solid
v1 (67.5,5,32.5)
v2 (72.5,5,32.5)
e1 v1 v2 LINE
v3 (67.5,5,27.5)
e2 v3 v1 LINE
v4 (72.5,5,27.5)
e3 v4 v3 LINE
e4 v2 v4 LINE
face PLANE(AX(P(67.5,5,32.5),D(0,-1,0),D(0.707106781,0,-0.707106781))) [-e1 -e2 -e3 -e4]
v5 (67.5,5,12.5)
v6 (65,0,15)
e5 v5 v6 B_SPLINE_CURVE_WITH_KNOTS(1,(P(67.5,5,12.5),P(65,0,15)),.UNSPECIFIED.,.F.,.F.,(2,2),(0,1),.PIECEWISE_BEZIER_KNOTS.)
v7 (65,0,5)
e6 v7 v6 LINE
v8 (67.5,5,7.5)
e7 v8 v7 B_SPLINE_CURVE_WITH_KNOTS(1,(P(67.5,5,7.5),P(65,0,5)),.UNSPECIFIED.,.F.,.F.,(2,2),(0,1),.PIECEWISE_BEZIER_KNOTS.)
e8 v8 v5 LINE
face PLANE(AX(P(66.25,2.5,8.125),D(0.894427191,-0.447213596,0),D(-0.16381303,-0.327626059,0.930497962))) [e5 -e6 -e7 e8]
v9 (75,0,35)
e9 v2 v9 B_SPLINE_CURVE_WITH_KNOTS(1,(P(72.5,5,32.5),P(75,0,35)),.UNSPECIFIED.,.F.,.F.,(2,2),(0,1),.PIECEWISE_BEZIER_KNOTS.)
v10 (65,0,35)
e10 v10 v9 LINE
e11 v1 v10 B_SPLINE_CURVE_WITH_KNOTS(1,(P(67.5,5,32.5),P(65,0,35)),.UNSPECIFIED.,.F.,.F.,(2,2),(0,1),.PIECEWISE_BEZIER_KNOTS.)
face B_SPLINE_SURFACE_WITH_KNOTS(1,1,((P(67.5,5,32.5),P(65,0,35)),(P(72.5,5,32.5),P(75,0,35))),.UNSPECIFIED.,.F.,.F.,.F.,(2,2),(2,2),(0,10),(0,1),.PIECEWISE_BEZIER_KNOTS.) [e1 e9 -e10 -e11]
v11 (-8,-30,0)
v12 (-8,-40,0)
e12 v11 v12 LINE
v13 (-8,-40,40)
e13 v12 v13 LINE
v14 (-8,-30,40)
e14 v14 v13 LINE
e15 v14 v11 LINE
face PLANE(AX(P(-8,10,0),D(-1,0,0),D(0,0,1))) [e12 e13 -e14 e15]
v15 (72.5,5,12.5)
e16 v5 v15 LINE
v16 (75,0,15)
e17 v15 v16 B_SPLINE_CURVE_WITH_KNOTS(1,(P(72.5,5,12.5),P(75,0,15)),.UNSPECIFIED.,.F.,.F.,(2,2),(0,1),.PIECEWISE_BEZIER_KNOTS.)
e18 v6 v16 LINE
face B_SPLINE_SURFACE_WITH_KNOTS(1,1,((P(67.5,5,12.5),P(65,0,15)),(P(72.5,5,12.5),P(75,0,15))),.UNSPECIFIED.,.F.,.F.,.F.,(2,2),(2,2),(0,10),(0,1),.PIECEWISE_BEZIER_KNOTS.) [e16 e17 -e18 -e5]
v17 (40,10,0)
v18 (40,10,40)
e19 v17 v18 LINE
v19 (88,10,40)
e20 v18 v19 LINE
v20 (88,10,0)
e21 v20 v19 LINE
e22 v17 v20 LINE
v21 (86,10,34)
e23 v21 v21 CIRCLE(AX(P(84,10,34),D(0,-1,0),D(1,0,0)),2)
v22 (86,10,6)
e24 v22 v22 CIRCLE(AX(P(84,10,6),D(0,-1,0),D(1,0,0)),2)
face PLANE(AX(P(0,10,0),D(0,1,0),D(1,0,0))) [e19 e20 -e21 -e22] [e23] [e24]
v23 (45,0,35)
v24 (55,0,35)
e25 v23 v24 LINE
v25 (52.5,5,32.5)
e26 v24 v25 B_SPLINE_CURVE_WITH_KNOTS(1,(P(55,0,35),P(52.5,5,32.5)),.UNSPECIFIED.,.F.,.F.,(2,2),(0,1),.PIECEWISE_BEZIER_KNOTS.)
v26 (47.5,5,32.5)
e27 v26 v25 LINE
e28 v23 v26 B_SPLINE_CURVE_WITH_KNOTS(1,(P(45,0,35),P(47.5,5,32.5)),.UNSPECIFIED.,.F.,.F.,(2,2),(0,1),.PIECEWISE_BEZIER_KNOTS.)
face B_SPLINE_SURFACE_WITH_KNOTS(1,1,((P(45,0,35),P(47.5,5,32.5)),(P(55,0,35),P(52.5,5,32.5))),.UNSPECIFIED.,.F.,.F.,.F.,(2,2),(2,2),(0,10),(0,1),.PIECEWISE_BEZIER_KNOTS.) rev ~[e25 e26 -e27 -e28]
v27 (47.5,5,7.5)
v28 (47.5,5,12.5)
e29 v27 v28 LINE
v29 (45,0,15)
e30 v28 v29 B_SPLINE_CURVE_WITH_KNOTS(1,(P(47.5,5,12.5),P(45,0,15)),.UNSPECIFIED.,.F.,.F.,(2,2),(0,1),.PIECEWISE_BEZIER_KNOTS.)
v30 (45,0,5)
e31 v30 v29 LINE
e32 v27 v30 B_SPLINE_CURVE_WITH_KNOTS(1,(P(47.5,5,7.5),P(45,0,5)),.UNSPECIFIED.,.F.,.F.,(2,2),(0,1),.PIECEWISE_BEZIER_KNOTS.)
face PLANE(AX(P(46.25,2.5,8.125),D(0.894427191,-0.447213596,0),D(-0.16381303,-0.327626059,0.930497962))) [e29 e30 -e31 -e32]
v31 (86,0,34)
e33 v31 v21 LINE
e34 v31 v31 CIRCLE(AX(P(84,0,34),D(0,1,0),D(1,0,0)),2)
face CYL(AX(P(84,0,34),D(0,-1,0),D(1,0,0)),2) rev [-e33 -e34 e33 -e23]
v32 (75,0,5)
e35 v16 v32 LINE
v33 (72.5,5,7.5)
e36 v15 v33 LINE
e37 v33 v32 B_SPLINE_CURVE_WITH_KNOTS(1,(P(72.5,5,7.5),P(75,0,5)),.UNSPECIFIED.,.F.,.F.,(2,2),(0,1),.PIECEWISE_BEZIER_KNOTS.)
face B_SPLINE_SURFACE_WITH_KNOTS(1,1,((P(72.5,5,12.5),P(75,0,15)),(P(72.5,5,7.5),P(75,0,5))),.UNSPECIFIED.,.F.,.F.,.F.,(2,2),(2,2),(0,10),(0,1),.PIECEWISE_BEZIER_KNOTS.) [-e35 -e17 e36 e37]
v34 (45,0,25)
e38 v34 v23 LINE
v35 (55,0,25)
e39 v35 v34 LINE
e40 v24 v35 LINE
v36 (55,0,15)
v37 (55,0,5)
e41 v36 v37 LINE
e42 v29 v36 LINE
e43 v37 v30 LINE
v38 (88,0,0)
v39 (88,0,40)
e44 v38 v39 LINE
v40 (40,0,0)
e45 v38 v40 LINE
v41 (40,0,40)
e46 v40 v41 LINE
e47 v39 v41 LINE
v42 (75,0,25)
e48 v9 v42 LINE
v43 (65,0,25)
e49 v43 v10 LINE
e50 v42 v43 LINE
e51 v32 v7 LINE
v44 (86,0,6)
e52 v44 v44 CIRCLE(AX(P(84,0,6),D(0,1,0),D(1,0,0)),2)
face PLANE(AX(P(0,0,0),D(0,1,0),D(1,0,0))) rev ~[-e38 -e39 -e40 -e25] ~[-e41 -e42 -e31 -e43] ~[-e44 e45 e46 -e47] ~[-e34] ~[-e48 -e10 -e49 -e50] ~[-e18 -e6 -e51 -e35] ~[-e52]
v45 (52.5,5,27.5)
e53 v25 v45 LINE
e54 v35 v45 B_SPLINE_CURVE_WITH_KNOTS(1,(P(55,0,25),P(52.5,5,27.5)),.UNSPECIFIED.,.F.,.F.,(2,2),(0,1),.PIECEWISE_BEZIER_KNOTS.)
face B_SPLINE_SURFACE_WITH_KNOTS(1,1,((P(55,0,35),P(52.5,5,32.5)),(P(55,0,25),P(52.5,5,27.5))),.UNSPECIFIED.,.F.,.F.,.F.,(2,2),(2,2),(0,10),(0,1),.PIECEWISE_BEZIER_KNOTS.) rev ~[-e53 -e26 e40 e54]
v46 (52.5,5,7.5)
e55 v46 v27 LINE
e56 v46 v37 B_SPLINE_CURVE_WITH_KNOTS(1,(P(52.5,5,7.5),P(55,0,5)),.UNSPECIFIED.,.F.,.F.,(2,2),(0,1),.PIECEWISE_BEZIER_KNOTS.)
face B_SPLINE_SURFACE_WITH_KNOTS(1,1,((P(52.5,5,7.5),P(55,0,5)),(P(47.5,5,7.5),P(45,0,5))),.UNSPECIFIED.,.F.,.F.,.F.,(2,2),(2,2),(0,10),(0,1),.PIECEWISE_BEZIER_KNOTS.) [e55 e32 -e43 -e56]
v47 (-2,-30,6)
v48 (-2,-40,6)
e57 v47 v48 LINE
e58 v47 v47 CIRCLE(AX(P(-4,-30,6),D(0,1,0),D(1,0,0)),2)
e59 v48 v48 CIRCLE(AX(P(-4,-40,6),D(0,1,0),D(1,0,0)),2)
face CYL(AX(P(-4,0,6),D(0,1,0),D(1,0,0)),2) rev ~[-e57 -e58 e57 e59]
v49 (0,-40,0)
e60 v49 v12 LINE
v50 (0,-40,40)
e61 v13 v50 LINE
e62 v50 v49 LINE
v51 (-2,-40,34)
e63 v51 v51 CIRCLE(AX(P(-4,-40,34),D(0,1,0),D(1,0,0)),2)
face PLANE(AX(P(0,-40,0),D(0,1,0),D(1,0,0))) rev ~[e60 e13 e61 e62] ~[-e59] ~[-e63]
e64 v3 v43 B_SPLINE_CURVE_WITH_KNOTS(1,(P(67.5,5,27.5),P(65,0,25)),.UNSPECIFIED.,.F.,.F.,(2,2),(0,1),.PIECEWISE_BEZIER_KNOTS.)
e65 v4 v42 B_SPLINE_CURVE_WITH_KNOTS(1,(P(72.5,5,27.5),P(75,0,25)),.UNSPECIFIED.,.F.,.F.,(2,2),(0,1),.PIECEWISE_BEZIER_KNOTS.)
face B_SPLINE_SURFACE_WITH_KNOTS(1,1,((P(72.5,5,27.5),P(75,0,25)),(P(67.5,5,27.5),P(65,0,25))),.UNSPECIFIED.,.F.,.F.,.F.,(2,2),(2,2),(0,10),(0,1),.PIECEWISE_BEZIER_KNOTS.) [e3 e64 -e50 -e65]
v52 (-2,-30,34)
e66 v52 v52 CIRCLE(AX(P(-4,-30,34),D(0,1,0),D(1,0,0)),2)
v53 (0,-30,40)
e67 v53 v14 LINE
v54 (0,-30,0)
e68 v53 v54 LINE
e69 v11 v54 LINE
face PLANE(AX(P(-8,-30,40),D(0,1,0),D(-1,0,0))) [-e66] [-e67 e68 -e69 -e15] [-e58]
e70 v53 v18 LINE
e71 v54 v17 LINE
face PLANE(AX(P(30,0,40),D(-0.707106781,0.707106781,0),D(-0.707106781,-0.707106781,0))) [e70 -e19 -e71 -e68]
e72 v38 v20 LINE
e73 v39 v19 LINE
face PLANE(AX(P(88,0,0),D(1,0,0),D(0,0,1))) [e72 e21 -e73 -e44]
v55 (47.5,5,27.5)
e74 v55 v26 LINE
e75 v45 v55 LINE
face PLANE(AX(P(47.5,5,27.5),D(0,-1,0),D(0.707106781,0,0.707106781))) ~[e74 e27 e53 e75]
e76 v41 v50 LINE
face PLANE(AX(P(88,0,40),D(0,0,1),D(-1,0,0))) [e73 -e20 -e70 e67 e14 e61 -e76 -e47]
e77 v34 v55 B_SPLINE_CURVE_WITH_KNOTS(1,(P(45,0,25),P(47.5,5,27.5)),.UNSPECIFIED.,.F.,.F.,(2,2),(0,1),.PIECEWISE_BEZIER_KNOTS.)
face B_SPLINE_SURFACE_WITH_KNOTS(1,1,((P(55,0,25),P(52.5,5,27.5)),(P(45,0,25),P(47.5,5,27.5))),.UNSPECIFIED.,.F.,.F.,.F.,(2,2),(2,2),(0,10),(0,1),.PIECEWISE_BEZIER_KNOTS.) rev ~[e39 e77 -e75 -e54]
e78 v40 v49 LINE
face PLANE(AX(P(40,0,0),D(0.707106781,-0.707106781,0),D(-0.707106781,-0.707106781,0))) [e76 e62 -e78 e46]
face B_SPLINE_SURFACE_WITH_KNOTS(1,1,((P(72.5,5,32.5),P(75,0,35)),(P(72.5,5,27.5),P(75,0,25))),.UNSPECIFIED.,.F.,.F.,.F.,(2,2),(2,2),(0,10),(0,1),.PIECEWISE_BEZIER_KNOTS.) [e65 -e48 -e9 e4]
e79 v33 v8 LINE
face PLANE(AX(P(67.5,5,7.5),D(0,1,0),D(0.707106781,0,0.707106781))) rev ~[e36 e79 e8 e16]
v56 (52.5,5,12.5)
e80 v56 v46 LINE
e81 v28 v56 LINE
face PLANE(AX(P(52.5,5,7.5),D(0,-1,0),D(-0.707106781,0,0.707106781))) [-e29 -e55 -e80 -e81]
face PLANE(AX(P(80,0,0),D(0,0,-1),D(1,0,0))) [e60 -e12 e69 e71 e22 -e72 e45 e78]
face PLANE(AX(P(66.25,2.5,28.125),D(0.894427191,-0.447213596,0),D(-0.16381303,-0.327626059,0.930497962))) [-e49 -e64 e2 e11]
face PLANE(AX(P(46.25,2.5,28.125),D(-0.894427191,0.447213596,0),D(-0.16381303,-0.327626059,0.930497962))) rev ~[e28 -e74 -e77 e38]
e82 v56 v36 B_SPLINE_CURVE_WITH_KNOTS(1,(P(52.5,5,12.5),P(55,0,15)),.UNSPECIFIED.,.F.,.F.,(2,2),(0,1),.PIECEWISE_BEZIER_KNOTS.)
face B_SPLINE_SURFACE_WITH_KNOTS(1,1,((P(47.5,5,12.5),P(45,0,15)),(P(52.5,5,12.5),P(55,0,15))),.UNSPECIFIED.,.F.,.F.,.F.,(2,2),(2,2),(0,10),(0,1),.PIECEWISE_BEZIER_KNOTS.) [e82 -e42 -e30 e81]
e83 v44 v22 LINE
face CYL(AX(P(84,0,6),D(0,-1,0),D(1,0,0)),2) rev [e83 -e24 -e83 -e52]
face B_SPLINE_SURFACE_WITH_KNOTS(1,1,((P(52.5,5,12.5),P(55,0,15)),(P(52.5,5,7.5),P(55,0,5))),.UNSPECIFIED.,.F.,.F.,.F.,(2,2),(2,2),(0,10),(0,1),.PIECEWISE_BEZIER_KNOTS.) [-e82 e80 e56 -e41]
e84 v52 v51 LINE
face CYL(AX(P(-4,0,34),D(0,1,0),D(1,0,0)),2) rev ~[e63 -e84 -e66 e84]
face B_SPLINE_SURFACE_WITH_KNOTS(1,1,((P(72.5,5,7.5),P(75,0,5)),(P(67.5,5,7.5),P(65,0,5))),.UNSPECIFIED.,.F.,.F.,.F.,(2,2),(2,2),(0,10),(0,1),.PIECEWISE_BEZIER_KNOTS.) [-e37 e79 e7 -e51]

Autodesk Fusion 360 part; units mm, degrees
sketch "baseplate" plane through (0, 0, 0) normal (0, 1, 0) x (1, 0, 0)
  line L0 (0, 0) -> (80, 0)
  line L1 (80, 0) -> (80, -40)
  line L2 (80, -40) -> (0, -40)
  line L3 (0, -40) -> (0, 0)
  dimension "d1" = 40
  dimension "d2" = 80
extrude "Extrude1" add sketch "baseplate" along normal blind 10
sketch "outside_pryamid" plane through (0, 0, 0) normal (0, 1, 0) x (1, 0, 0)
  line L0 (5, -35) -> (15, -35)
  line L1 (15, -35) -> (15, -25)
  line L2 (15, -25) -> (5, -25)
  line L3 (5, -25) -> (5, -35)
  line L4 (25, -35) -> (35, -35)
  line L5 (35, -35) -> (35, -25)
  line L6 (35, -25) -> (25, -25)
  line L7 (25, -25) -> (25, -35)
  line L8 (45, -35) -> (55, -35)
  line L9 (55, -35) -> (55, -25)
  line L10 (55, -25) -> (45, -25)
  line L11 (45, -25) -> (45, -35)
  line L12 (65, -35) -> (75, -35)
  line L13 (75, -35) -> (75, -25)
  line L14 (75, -25) -> (65, -25)
  line L15 (65, -25) -> (65, -35)
  line L16 (25, -15) -> (35, -15)
  line L17 (35, -15) -> (35, -5)
  line L18 (35, -5) -> (25, -5)
  line L19 (25, -5) -> (25, -15)
  line L20 (5, -15) -> (15, -15)
  line L21 (15, -15) -> (15, -5)
  line L22 (15, -5) -> (5, -5)
  line L23 (5, -5) -> (5, -15)
  line L24 (45, -15) -> (55, -15)
  line L25 (55, -15) -> (55, -5)
  line L26 (55, -5) -> (45, -5)
  line L27 (45, -5) -> (45, -15)
  line L28 (65, -15) -> (75, -15)
  line L29 (75, -15) -> (75, -5)
  line L30 (75, -5) -> (65, -5)
  line L31 (65, -5) -> (65, -15)
  dimension "d5" = 10
  dimension "d6" = 10
ref_plane "WorkPlane1" through (0, 5, 0) normal (0, 1, 0) x (0, 0, 1)
sketch "inside_pryamid" plane through (0, 5, 0) normal (0, 1, 0) x (1, 0, 0)
  line L0 (47.5, -7.5) -> (47.5, -10)
  line L1 (47.5, -12.5) -> (52.5, -12.5)
  line L2 (52.5, -7.5) -> (47.5, -7.5)
  line L3 (47.5, -10) -> (47.5, -12.5)
  line L4 (52.5, -12.5) -> (52.5, -7.5)
  line L5 (67.5, -10) -> (67.5, -12.5)
  line L6 (67.5, -12.5) -> (72.5, -12.5)
  line L7 (67.5, -7.5) -> (67.5, -10)
  line L8 (72.5, -12.5) -> (72.5, -7.5)
  line L9 (72.5, -7.5) -> (67.5, -7.5)
  line L10 (67.5, -10) -> (67.5, -12.5)
  line L11 (67.5, -12.5) -> (72.5, -12.5)
  line L12 (72.5, -12.5) -> (72.5, -7.5)
  line L13 (47.5, -7.5) -> (47.5, -10)
  line L14 (52.5, -12.5) -> (52.5, -7.5)
  line L15 (72.5, -7.5) -> (67.5, -7.5)
  line L16 (47.5, -10) -> (47.5, -12.5)
  line L17 (52.5, -7.5) -> (47.5, -7.5)
  line L18 (67.5, -7.5) -> (67.5, -10)
  line L19 (47.5, -12.5) -> (52.5, -12.5)
  line L20 (72.5, -32.5) -> (72.5, -27.5)
  line L21 (72.5, -27.5) -> (67.5, -27.5)
  line L22 (67.5, -30) -> (67.5, -32.5)
  line L23 (72.5, -27.5) -> (67.5, -27.5)
  line L24 (67.5, -27.5) -> (67.5, -30)
  line L25 (47.5, -30) -> (47.5, -32.5)
  line L26 (67.5, -27.5) -> (67.5, -30)
  line L27 (67.5, -30) -> (67.5, -32.5)
  line L28 (67.5, -32.5) -> (72.5, -32.5)
  line L29 (72.5, -32.5) -> (72.5, -27.5)
  line L30 (47.5, -32.5) -> (52.5, -32.5)
  line L31 (47.5, -32.5) -> (52.5, -32.5)
  line L32 (67.5, -32.5) -> (72.5, -32.5)
  line L33 (52.5, -32.5) -> (52.5, -27.5)
  line L34 (52.5, -27.5) -> (47.5, -27.5)
  line L35 (52.5, -27.5) -> (47.5, -27.5)
  line L36 (47.5, -30) -> (47.5, -32.5)
  line L37 (52.5, -32.5) -> (52.5, -27.5)
  line L38 (47.5, -27.5) -> (47.5, -30)
  line L39 (47.5, -27.5) -> (47.5, -30)
loft "Loft3" cut profiles "outside_pryamid", "inside_pryamid" section 1 contours L8 L9 L10 L11 section 2 contours L25 L30 L31 L33 L34 L35 L36 L37 L38 L39
loft "Loft4" cut profiles "inside_pryamid", "outside_pryamid" section 1 contours L20 L21 L22 L23 L24 L26 L27 L28 L29 L32 section 2 contours L12 L13 L14 L15
loft "Loft7" cut profiles "inside_pryamid", "outside_pryamid" section 1 contours L0 L1 L2 L3 L4 L13 L14 L16 L17 L19 section 2 contours L24 L25 L26 L27
loft "Loft8" cut profiles "inside_pryamid", "outside_pryamid" section 1 contours L5 L6 L7 L8 L9 L10 L11 L12 L15 L18 section 2 contours L28 L29 L30 L31
sketch "sidewall" plane through (0, 0, 0) normal (0, 1, 0) x (1, 0, 0)
  line L0 (0, 0) -> (-8, 0)
  line L1 (-8, 0) -> (-8, -40)
  line L2 (-8, -40) -> (0, -40)
  line L3 (0, -40) -> (0, 0)
  dimension "d12" = 8
extrude "Extrude2" add sketch "sidewall" along normal blind -40 and the other way blind -10
sketch "sidemount" plane through (0, 0, 0) normal (0, 1, 0) x (1, 0, 0)
  line L0 (80, 0) -> (88, 0)
  line L1 (88, 0) -> (88, -40)
  line L2 (88, -40) -> (80, -40)
  line L3 (80, -40) -> (80, 0)
extrude "Extrude3" add sketch "sidemount" along normal blind 10
sketch "Sketch6" plane through (0, 0, 0) normal (0, 1, 0) x (1, 0, 0)
  circle A0 centre (-4, -34) radius 2
  circle A1 centre (-4, -6) radius 2
  circle A2 centre (-4, -34) radius 3.4
  circle A3 centre (-4, -6) radius 3.4
  line L0 (88, 0) -> (84, 0)
  line L1 (84, 0) -> (84, -6)
  line L2 (84, -6) -> (88, -6)
  line L3 (88, -6) -> (88, 0)
  circle A4 centre (84, -34) radius 2
  circle A5 centre (84, -6) radius 2
  dimension "d19" = 4
  dimension "d20" = 4
  dimension "d21" = 6.8
  dimension "d22" = 6.8
  dimension "d25" = 4
  dimension "d26" = 6
  dimension "d27" = 4
  dimension "d28" = 4
extrude "Extrude4" cut sketch "Sketch6" against normal blind 50 contours A0 | A1
extrude "Extrude5" cut sketch "Sketch6" along normal blind 40 contours L1 L2 A5 | L1 L2 A5 | A4
extrude "Extrude6" cut sketch "Sketch6" along normal through all and the other way blind 44 contours A0 | A1
extrude "Extrude7" cut sketch "Sketch6" along normal blind 10 and the other way blind -4 contours A2 | A3
sketch "45" plane through (0, 0, 0) normal (0, 0, 1) x (1, 0, 0)
  line L0 (45, 8) -> (40, 8)
  line L1 (40, 8) -> (40, 10)
  line L2 (40, 10) -> (40, 0)
  line L3 (40, 0) -> (0, -40)
  line L4 (0, -30) -> (47.3606, -30) construction
  line L5 (40, 0) -> (30, 0)
  line L6 (0, -30) -> (0, -40)
  line L7 (21.4627, -11.4663) -> (32.9289, 0)
  line L8 (21.4627, -11.4663) -> (-0.1828, -33.1117)
  line L9 (-0.1828, -33.1117) -> (0, 0)
  line L10 (0, 0) -> (32.9289, 0)
  dimension "d40" = 5
extrude "Extrude8" add sketch "45" along normal blind 40
sketch "Sketch8" plane through (0, 0, 40) normal (0, 0, 1) x (-1, 0, 0)
  line L0 (0, 40) -> (-40, 0)
  line L1 (-40, 0) -> (-88, 0)
  line L2 (-88, 0) -> (-88, -10)
  line L3 (-88, -10) -> (8, -10)
  line L4 (8, -10) -> (8, 40)
  line L5 (8, 40) -> (0, 40)
  line L6 (18.5559, 32.9289) -> (18.5559, -18.6929)
  line L7 (18.5559, -18.6929) -> (-38, -19)
  line L8 (-30, 0) -> (0, 30)
  line L9 (0, 30) -> (18.5559, 30)
  line L10 (-30, 0) -> (-46, -16)
  line L11 (-46, -16) -> (-38, -19)
extrude "Extrude10" cut sketch "Sketch8" against normal blind 50 contours L3 L4 L6 L7 L9 L10 L11 | L3 L4 L8 L9 L10
